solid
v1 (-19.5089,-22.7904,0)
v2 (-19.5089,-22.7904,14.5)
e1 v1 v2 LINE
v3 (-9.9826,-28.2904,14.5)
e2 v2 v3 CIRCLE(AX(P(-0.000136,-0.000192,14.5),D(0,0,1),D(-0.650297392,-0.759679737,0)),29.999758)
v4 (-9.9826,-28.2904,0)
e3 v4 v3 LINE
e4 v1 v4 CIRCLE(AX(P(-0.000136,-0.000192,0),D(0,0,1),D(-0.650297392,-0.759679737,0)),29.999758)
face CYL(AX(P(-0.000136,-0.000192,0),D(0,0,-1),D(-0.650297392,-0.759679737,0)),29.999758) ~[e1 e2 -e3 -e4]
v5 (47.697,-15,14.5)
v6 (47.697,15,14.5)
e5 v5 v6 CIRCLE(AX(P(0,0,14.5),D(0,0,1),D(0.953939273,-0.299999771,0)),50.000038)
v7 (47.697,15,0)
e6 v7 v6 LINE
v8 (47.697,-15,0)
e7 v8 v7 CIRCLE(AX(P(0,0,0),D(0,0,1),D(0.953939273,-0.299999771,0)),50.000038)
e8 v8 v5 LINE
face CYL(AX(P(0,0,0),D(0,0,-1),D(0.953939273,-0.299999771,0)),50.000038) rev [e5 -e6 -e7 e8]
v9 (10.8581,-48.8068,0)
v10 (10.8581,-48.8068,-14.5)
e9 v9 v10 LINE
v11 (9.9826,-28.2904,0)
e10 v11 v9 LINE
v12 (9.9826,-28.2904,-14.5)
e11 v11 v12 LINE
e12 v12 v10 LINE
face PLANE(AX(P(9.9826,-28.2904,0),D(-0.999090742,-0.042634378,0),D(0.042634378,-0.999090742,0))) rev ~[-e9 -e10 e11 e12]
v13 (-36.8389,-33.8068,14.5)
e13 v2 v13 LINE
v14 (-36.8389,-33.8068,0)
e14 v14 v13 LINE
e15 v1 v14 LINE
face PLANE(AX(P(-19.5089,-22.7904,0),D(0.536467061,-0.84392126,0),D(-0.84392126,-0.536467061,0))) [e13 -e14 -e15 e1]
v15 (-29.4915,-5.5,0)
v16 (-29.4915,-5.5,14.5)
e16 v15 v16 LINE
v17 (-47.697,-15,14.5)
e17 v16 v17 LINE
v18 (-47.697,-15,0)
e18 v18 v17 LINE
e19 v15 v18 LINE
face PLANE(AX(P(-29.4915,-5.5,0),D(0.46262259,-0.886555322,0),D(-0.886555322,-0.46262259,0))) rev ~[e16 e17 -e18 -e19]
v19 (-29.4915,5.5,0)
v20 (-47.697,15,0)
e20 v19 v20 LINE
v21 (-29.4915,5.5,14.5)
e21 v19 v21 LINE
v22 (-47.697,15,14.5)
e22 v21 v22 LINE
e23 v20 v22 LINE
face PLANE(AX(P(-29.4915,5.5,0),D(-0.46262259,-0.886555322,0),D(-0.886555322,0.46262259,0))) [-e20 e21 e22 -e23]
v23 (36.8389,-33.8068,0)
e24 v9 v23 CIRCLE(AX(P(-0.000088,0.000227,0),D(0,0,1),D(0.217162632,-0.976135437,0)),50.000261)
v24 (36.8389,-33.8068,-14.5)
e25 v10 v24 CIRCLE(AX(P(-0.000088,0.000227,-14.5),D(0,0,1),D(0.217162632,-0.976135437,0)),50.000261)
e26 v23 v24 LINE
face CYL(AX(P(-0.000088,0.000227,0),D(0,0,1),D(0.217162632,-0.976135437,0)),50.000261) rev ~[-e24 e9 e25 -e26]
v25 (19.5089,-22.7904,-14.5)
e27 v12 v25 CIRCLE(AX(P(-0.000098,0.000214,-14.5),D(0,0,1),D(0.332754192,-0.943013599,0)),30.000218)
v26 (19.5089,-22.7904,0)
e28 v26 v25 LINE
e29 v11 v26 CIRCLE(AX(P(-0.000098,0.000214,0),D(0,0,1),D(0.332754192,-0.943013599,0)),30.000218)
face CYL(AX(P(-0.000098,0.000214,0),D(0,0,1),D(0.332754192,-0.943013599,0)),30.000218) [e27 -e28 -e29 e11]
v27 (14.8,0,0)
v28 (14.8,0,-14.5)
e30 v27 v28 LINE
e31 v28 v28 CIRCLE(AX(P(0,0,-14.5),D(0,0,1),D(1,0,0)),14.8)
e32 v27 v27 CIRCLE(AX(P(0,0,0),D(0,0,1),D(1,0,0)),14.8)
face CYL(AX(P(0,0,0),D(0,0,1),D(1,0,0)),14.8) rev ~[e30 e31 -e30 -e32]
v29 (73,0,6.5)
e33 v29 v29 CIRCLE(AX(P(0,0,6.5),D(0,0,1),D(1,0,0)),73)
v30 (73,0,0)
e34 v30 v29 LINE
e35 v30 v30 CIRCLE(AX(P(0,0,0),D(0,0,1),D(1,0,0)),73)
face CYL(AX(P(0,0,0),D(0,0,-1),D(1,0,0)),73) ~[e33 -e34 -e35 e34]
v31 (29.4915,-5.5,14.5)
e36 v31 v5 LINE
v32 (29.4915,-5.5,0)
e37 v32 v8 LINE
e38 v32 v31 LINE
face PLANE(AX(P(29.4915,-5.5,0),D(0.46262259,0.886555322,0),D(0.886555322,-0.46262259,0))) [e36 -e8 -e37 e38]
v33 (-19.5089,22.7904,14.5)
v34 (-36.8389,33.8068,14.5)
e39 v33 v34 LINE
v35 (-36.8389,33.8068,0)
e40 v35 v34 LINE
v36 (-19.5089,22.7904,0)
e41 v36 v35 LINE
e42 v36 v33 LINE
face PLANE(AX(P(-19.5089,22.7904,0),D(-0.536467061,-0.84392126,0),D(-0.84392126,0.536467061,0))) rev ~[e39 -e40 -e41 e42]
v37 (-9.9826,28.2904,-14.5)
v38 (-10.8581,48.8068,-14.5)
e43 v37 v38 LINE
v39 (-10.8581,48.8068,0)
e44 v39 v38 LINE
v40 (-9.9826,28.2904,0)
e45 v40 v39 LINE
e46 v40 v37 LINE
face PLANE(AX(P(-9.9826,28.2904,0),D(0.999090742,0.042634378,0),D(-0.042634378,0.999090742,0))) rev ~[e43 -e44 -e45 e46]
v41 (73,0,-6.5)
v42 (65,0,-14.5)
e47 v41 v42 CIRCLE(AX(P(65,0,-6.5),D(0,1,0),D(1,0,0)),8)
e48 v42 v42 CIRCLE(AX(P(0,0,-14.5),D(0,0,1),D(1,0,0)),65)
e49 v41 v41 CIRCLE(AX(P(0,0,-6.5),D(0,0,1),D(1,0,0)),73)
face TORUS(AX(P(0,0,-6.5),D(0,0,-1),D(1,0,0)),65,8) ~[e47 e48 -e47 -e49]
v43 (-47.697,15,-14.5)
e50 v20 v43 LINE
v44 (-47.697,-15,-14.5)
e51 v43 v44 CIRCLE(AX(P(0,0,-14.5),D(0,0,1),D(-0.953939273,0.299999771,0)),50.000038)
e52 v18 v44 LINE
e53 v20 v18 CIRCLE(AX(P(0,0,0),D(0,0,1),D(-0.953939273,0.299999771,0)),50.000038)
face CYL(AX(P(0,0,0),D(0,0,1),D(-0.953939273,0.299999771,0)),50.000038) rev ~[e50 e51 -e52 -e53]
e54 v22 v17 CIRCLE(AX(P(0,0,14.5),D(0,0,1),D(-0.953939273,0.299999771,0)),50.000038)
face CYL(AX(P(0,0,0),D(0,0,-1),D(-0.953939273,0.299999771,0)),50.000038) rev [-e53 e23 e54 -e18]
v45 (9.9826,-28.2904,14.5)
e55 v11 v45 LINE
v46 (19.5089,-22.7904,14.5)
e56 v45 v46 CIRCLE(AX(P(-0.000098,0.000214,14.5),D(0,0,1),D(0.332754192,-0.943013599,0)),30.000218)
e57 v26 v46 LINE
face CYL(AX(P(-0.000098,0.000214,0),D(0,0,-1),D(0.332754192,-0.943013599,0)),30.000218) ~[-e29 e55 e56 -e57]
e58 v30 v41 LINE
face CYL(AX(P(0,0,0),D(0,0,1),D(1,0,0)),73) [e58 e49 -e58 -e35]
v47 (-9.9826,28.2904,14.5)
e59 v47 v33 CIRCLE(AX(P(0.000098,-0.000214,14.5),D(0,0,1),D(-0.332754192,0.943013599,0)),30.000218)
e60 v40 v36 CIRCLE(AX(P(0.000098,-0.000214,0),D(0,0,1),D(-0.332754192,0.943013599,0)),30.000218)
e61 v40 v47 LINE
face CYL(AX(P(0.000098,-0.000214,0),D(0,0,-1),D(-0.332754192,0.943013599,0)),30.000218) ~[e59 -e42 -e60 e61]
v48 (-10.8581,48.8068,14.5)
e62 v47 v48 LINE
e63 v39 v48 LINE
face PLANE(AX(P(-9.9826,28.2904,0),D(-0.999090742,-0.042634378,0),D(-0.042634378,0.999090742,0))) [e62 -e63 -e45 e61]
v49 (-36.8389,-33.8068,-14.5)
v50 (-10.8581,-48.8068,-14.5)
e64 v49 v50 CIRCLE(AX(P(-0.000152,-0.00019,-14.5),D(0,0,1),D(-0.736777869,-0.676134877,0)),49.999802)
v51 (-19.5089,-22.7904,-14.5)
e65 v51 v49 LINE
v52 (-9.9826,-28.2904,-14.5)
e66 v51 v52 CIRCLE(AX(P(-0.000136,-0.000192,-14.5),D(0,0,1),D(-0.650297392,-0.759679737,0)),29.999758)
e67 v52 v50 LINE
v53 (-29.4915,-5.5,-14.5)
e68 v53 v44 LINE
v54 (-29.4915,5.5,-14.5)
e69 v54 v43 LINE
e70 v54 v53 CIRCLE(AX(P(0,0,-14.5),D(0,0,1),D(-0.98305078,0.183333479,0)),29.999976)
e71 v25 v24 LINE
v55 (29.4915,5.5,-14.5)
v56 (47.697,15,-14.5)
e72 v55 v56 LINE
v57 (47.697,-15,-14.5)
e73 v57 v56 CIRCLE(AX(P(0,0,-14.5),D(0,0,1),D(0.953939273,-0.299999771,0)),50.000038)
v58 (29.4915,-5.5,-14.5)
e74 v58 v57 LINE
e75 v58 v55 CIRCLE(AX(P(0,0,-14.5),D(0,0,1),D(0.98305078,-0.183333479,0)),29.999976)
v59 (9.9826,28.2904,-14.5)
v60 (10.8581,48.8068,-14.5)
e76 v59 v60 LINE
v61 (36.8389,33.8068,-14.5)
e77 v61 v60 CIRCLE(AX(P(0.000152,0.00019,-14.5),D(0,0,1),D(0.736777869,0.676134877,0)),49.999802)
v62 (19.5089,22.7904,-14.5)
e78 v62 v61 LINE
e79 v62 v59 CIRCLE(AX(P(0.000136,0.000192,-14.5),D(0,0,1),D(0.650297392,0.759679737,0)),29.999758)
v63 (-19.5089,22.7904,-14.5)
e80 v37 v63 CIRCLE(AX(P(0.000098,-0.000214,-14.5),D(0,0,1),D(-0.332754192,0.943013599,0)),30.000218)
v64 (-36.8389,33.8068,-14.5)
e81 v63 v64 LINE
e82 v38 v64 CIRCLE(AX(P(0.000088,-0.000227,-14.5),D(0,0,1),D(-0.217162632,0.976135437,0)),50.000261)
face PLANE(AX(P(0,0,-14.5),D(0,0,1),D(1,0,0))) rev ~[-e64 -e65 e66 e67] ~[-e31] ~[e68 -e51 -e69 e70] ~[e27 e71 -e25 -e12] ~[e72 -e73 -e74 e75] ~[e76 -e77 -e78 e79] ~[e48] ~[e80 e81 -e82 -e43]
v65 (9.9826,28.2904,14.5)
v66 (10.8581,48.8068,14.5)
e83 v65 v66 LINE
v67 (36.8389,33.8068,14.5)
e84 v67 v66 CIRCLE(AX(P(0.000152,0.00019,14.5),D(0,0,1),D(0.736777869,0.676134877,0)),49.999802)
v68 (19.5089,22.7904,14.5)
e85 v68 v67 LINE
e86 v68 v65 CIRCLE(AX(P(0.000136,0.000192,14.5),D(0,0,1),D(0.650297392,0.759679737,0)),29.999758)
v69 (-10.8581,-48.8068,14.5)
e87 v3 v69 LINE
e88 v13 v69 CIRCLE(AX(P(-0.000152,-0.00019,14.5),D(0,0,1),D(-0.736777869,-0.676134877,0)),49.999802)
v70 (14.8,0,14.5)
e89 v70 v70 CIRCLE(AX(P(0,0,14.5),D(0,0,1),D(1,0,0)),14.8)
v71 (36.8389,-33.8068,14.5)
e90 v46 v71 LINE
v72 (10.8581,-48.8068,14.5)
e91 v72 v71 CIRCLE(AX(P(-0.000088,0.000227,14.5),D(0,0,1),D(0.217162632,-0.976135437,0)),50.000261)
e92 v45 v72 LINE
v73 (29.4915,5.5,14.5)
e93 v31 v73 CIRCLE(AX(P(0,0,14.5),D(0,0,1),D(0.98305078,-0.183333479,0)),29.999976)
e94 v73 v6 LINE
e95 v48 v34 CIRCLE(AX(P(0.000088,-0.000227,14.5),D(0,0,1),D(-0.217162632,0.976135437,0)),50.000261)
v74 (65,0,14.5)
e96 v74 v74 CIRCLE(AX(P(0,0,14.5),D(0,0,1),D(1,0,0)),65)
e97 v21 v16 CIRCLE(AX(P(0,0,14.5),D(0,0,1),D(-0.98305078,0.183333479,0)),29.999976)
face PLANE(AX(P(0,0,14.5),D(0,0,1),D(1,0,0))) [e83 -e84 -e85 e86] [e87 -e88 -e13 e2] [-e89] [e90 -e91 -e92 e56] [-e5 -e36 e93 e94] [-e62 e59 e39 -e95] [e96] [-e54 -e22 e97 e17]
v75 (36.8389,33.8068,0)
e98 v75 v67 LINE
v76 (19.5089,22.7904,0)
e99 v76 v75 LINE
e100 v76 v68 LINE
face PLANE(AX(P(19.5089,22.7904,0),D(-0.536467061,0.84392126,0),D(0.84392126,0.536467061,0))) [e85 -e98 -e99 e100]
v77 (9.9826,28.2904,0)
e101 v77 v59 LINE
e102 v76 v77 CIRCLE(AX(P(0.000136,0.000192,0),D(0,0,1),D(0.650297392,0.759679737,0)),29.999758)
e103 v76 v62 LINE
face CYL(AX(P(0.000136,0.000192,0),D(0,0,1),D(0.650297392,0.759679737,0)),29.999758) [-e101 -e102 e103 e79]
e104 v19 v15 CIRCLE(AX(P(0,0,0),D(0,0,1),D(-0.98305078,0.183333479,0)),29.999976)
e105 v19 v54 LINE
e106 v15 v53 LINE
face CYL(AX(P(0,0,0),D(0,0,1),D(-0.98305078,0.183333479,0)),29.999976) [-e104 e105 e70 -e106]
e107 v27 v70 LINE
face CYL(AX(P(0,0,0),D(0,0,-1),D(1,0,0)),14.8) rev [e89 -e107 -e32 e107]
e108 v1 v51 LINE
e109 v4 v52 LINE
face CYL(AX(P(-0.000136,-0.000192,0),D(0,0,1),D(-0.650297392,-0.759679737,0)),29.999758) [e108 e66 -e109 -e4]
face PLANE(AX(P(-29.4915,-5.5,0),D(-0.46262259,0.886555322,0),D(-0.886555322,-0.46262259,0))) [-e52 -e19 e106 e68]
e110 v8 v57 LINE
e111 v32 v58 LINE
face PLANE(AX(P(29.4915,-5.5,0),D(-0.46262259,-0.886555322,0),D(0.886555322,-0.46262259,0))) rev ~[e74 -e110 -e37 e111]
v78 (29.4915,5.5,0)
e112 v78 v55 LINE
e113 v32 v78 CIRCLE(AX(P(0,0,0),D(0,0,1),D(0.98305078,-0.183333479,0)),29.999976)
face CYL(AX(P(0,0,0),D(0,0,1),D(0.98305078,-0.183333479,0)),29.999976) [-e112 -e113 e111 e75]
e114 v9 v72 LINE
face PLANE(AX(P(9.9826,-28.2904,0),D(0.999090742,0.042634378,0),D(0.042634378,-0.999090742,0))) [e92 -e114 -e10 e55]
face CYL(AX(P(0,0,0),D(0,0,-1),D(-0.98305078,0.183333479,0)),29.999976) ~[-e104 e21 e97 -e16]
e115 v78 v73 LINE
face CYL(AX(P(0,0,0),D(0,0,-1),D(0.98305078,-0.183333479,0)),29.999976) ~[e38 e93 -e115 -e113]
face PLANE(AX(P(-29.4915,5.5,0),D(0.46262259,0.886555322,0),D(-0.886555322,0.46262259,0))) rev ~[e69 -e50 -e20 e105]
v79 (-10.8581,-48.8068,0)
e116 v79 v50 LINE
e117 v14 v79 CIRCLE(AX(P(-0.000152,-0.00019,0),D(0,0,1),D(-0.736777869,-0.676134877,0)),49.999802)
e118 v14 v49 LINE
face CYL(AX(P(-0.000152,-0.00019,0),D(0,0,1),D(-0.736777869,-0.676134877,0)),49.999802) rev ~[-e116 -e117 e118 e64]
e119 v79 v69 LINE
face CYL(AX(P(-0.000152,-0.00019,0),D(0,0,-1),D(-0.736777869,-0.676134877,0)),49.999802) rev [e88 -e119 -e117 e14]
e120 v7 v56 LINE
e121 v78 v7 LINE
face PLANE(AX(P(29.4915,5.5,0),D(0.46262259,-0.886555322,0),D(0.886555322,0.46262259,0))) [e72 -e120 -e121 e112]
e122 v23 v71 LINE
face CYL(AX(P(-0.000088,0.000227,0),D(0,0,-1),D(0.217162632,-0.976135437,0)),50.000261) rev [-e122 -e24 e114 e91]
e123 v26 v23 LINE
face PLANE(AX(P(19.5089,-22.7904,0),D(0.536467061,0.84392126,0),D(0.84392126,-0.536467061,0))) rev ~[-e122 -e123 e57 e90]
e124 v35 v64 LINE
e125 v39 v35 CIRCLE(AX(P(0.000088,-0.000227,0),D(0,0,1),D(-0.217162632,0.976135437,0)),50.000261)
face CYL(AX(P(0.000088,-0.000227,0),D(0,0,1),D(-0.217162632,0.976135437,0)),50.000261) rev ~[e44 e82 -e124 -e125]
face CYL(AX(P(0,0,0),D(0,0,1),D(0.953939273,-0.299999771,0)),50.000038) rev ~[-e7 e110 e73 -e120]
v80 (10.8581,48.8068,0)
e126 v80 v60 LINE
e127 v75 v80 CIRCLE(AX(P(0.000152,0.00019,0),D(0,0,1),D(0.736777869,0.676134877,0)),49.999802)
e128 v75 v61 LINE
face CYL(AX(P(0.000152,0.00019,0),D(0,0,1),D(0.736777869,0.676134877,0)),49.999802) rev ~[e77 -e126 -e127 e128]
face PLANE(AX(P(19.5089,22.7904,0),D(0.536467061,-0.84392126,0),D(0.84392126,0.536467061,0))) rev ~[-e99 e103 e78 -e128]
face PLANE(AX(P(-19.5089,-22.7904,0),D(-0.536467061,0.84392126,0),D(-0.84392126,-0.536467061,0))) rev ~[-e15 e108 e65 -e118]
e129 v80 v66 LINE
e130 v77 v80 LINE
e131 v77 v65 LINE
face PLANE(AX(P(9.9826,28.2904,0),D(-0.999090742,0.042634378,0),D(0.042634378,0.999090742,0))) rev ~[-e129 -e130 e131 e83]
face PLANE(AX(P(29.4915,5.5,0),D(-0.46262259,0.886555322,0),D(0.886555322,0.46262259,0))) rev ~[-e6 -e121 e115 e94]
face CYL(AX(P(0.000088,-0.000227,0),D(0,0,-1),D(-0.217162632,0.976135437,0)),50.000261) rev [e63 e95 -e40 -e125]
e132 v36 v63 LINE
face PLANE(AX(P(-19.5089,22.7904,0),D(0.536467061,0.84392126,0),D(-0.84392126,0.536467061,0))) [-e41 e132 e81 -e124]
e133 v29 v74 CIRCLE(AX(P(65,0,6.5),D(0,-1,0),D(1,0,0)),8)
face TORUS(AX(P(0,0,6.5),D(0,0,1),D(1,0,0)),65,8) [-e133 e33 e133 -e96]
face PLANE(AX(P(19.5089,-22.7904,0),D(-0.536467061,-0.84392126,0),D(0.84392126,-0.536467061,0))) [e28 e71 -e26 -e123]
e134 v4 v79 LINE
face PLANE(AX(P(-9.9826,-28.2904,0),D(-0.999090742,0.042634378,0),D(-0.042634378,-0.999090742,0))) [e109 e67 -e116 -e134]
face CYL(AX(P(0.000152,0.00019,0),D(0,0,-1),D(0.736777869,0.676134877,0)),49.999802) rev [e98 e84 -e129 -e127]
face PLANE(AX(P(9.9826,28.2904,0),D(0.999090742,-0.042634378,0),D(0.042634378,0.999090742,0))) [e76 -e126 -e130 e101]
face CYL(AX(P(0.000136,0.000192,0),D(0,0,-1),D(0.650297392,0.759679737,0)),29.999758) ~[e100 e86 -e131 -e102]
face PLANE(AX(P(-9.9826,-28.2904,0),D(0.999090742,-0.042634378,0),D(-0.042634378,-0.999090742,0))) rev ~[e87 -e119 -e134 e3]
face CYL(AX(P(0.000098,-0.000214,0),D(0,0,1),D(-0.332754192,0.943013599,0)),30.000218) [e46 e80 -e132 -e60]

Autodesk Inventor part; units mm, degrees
ref_plane "YZ Plane" through (0, 0, 0) normal (1, 0, 0) x (0, 1, 0)
ref_plane "XZ Plane" through (0, 0, 0) normal (0, 1, 0) x (-1, 0, 0)
ref_plane "XY Plane" through (0, 0, 0) normal (0, 0, 1) x (1, 0, 0)
sketch "Sketch1" plane through (0, 0, 0) normal (0, 0, 1) x (1, 0, 0)
  circle A0 centre (0, 0) radius 73
  circle A1 centre (0, 0) radius 14.8
  circle A2 centre (0, 0) radius 50 construction
  circle A3 centre (0, 0) radius 30 construction
  arc A4 (47.697, -15) -> (47.697, 15) centre (0, 0) ccw
  arc A5 (29.4915, -5.5) -> (29.4915, 5.5) centre (0, 0) ccw
  line L0 (29.4915, 5.5) -> (47.697, 15)
  line L1 (29.4915, -5.5) -> (47.697, -15)
  arc A6 (36.8389, 33.8068) -> (10.8581, 48.8068) centre (0, 0) ccw
  arc A7 (19.5089, 22.7904) -> (9.9826, 28.2904) centre (0, 0) ccw
  line L2 (9.9826, 28.2904) -> (10.8581, 48.8068)
  line L3 (19.5089, 22.7904) -> (36.8389, 33.8068)
  arc A8 (-10.8581, 48.8068) -> (-36.8389, 33.8068) centre (0, 0) ccw
  arc A9 (-9.9826, 28.2904) -> (-19.5089, 22.7904) centre (0, 0) ccw
  line L4 (-19.5089, 22.7904) -> (-36.8389, 33.8068)
  line L5 (-9.9826, 28.2904) -> (-10.8581, 48.8068)
  arc A10 (-47.697, 15) -> (-47.697, -15) centre (0, 0) ccw
  arc A11 (-29.4915, 5.5) -> (-29.4915, -5.5) centre (0, 0) ccw
  line L6 (-29.4915, -5.5) -> (-47.697, -15)
  line L7 (-29.4915, 5.5) -> (-47.697, 15)
  arc A12 (-36.8389, -33.8068) -> (-10.8581, -48.8068) centre (0, 0) ccw
  arc A13 (-19.5089, -22.7904) -> (-9.9826, -28.2904) centre (0, 0) ccw
  line L8 (-9.9826, -28.2904) -> (-10.8581, -48.8068)
  line L9 (-19.5089, -22.7904) -> (-36.8389, -33.8068)
  arc A14 (10.8581, -48.8068) -> (36.8389, -33.8068) centre (0, 0) ccw
  arc A15 (9.9826, -28.2904) -> (19.5089, -22.7904) centre (0, 0) ccw
  line L10 (19.5089, -22.7904) -> (36.8389, -33.8068)
  line L11 (9.9826, -28.2904) -> (10.8581, -48.8068)
  point P0 (30, 0)
  point P1 (50, 0)
  point P2 (25, 43.3013)
  point P3 (15, 25.9808)
  point P4 (-25, 43.3013)
  point P5 (-15, 25.9808)
  point P6 (-50, 0)
  point P7 (-30, 0)
  point P8 (-25, -43.3013)
  point P9 (-15, -25.9808)
  point P10 (25, -43.3013)
  point P11 (15, -25.9808)
  dimension "d0" = 146
  dimension "d1" = 29.6
  dimension "d5" = 100
  dimension "d6" = 60
  dimension "d7" = 11
  dimension "d8" = 30
  dimension "d11" = 360
extrude "Extrusion1" add sketch "Sketch1" along normal mid plane 29
fillet "Fillet1" radius 8 2 edges at (-73, 0, 14.5) (-73, 0, -14.5)
properties part number "Wheel" material "ABS Plastic"
